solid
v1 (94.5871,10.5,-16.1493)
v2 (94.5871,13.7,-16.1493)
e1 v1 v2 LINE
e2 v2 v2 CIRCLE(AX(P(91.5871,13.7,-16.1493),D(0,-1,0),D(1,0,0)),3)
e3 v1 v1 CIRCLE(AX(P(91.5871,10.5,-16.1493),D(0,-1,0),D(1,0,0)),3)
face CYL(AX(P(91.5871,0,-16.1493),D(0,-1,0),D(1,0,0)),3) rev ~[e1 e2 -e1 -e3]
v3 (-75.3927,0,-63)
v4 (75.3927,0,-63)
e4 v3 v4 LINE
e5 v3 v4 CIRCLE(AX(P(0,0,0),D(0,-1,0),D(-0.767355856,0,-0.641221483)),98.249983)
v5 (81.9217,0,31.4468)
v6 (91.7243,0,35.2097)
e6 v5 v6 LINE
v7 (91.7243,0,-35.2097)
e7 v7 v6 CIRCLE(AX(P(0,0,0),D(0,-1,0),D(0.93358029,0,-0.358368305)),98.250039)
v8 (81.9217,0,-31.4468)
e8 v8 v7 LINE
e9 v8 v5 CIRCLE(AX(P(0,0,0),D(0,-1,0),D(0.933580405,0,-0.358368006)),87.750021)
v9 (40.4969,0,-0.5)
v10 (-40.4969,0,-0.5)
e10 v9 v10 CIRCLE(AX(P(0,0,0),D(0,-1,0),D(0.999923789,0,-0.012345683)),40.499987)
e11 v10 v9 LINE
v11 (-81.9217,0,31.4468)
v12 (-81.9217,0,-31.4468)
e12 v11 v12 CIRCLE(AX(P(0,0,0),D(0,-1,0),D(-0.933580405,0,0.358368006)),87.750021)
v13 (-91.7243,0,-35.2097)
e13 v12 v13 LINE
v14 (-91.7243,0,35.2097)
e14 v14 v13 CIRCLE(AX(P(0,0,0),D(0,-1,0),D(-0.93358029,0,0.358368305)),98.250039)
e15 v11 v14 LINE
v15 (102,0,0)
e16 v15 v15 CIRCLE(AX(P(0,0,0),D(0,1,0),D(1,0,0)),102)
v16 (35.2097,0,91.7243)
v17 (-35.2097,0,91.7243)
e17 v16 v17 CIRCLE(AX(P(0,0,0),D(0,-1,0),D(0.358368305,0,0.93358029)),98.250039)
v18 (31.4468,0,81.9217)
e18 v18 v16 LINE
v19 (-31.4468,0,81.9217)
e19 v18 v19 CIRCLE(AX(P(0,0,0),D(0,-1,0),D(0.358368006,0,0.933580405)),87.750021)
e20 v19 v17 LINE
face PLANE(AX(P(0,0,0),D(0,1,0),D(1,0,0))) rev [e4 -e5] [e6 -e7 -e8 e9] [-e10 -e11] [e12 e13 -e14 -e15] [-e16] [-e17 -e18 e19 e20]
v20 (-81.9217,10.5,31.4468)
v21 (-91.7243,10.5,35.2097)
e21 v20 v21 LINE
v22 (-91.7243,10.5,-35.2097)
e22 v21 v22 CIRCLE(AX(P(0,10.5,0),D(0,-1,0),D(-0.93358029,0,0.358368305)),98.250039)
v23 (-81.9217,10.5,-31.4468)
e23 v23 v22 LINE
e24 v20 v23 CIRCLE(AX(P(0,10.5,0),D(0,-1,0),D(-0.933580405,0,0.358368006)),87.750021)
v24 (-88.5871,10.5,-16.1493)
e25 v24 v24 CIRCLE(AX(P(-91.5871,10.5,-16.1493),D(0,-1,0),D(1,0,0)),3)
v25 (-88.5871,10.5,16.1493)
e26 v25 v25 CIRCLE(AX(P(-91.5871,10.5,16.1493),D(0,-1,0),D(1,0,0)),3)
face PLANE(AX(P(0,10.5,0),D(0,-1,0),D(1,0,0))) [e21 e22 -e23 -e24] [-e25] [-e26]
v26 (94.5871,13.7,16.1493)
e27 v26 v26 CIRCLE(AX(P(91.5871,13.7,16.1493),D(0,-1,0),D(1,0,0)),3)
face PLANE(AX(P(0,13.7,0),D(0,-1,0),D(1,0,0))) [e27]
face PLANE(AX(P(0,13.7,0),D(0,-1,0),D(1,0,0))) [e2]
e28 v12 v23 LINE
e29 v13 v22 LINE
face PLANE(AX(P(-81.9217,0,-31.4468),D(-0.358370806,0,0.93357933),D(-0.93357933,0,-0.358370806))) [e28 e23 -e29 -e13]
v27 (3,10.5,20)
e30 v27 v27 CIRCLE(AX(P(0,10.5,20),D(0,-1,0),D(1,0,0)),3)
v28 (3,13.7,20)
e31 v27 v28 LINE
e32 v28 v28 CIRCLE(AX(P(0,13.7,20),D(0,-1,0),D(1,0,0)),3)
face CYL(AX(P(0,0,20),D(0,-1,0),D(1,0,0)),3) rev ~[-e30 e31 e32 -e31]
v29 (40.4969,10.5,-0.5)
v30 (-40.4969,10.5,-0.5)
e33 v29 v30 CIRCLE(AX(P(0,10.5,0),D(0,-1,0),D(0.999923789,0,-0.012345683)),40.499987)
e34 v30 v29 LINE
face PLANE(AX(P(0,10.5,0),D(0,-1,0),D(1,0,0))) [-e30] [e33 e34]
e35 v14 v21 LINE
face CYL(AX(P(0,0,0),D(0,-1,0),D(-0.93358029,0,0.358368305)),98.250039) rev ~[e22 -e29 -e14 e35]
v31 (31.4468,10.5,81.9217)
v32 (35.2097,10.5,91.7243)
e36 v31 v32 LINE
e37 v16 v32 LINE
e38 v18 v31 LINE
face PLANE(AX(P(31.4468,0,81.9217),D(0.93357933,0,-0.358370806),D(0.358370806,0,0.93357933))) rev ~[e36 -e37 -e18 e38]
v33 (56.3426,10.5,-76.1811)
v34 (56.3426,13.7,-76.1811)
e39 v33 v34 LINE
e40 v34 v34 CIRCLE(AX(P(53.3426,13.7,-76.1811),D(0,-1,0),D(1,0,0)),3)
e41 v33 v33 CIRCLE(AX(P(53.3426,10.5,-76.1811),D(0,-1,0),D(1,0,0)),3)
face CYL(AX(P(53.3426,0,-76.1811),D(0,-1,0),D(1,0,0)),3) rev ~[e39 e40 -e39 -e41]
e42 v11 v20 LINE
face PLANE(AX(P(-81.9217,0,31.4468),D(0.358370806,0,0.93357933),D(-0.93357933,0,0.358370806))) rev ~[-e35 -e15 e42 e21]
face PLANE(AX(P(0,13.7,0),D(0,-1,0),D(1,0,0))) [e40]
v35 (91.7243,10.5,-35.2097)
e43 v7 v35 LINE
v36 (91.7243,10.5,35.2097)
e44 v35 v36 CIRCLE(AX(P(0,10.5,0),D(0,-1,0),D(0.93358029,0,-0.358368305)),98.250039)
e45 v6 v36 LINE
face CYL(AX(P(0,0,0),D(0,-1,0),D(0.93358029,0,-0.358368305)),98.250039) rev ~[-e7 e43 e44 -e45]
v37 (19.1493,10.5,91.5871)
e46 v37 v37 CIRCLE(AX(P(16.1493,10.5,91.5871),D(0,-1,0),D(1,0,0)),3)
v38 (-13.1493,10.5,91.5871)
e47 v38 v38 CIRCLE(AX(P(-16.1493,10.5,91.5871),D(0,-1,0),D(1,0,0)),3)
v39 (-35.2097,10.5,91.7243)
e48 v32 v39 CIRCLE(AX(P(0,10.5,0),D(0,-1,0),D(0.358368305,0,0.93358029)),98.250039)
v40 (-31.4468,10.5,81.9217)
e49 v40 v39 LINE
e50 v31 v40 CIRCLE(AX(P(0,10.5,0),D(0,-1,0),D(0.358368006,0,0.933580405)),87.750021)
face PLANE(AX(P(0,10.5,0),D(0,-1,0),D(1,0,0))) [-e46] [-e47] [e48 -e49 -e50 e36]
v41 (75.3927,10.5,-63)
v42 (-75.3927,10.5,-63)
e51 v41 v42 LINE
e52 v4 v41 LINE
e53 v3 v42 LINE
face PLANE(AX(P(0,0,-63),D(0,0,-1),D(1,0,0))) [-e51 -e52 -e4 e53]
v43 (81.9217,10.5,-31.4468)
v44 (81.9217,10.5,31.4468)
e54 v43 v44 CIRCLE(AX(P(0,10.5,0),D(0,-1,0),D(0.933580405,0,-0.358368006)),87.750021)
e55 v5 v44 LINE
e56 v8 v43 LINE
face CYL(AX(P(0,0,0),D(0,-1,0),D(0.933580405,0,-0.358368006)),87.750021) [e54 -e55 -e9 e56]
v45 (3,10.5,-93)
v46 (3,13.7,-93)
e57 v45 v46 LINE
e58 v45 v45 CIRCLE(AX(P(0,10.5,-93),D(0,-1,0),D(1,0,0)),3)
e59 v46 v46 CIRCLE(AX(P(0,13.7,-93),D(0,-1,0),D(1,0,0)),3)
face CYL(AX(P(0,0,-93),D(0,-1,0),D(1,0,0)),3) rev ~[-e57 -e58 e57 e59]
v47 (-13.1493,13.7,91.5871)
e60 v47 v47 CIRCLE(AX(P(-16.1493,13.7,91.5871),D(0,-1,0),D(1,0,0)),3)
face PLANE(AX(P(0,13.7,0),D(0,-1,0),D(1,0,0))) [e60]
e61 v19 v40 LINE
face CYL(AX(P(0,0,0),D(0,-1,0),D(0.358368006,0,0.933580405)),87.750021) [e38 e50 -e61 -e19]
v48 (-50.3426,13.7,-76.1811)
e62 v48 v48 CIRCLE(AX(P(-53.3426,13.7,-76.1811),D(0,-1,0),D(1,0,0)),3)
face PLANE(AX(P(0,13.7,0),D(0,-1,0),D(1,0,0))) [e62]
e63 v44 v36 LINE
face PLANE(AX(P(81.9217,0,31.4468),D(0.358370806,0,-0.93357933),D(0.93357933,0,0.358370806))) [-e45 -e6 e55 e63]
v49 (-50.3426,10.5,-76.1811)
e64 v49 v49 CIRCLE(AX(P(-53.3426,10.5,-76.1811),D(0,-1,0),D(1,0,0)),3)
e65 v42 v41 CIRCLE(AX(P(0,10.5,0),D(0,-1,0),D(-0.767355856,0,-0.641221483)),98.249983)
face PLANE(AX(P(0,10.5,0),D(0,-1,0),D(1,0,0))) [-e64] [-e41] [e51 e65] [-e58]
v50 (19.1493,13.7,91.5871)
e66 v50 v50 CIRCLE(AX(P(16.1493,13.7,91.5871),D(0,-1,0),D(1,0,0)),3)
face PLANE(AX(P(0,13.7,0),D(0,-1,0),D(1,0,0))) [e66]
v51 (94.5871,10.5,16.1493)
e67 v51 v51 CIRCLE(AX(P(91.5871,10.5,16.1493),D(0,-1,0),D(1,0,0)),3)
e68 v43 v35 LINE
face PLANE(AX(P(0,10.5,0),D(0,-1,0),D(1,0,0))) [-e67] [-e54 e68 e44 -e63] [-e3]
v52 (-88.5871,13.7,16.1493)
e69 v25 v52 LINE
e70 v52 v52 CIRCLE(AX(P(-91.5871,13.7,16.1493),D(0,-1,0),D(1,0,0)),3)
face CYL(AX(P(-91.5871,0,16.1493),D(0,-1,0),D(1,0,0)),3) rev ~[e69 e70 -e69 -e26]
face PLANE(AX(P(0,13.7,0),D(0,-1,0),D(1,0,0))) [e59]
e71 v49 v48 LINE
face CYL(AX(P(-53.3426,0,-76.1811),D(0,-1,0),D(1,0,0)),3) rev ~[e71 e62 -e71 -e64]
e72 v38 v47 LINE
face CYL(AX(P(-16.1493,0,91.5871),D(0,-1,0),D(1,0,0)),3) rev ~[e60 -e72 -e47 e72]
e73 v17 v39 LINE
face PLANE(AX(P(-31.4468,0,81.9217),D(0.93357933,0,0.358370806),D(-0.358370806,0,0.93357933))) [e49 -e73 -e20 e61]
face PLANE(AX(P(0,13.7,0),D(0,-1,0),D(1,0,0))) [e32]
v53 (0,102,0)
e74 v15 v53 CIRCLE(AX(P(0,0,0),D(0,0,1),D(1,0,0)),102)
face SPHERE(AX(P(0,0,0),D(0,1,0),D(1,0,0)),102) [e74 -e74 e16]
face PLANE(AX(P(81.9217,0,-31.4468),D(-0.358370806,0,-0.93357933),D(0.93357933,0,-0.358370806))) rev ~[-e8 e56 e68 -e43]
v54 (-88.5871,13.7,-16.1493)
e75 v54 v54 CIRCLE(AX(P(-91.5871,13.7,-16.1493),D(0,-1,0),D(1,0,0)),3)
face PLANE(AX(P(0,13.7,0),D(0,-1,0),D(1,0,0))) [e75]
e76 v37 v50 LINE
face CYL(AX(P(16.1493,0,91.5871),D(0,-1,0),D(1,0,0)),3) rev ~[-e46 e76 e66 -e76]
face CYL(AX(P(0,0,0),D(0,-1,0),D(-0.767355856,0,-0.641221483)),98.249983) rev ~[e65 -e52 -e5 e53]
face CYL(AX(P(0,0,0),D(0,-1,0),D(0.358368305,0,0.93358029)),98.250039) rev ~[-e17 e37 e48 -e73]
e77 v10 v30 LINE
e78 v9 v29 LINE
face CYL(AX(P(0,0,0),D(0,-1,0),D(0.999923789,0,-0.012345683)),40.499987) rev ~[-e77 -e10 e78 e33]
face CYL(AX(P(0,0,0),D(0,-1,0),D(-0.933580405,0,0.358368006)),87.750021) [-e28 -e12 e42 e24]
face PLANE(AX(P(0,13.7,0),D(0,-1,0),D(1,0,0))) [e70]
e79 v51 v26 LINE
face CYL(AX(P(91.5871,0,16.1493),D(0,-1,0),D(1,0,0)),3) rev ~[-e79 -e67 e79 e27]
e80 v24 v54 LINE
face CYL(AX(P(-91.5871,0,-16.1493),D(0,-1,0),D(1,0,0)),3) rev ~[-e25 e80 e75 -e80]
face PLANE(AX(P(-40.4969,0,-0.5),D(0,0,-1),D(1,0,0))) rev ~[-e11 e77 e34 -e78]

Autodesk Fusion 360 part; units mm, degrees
sketch "Sketch1" plane through (0, 0, 0) normal (0, 0, 1) x (1, 0, 0)
  line L0 (0, 0) -> (102, 0)
  line L1 (0, 0) -> (0, 102)
  arc A0 (102, 0) -> (0, 102) centre (0, 0) ccw
  dimension "d1" = 204
revolve "Revolve1" add sketch "Sketch1" angle 360 about axis through (0, 0, 0) along (0, 1, 0)
sketch "Sketch2" plane through (0, 0, 0) normal (0, -1, 0) x (1, 0, 0)
  circle A0 centre (0, 0) radius 102
  line L0 (0, 0) -> (0, -0.5) construction
  line L1 (0, -0.5) -> (-40.4969, -0.5) construction
  line L2 (-40.4969, -0.5) -> (40.4969, -0.5)
  arc A1 (40.4969, -0.5) -> (-40.4969, -0.5) centre (0, 0) ccw
  dimension "d3" = 81
  dimension "d4" = 0.5
extrude "Extrude1" cut sketch "Sketch2" against normal blind 10.5 contours L2 A1
sketch "Sketch3" plane through (0, 0, 0) normal (0, -1, 0) x (1, 0, 0)
  line L0 (40.4969, -0.5) -> (-40.4969, -0.5)
  arc A0 (40.4969, -0.5) -> (-40.4969, -0.5) centre (0, 0) ccw
  circle A1 centre (0, 0) radius 102
sketch "Sketch4" plane through (0, 0, 0) normal (0, -1, 0) x (1, 0, 0)
  line L0 (0, 0) -> (0, -64) construction
  line L1 (40, -64) -> (40, -63)
  line L2 (40, -46.5) -> (-40, -81.5) construction
  line L3 (-40, -46.5) -> (0, -64) construction
  line L4 (0, -64) -> (0, -63)
  line L5 (0, -63) -> (-61.0824, -63)
  line L6 (0, -63) -> (61.0824, -63)
  line L7 (-40, -63) -> (-40, -64)
  arc A0 (-36.3095, -79.8854) -> (-32.524, -81.5) centre (0, 0) ccw
  line L8 (31.4468, 81.9217) -> (35.2097, 91.7243)
  line L9 (0, 0) -> (98.25, 0) construction
  line L10 (-31.4468, 81.9217) -> (-35.2097, 91.7243)
  line L11 (0, 0) -> (98.25, 0) construction
  line L12 (81.9217, 31.4468) -> (91.7243, 35.2097)
  line L13 (0, 0) -> (98.25, 0) construction
  line L14 (81.9217, -31.4468) -> (91.7243, -35.2097)
  line L15 (0, 0) -> (98.25, 0) construction
  line L16 (0, 114.2451) -> (0, -120) construction
  line L17 (-81.9217, 31.4468) -> (-91.7243, 35.2097)
  line L18 (-81.9217, -31.4468) -> (-91.7243, -35.2097)
  arc A1 (-81.9217, 31.4468) -> (-81.9217, -31.4468) centre (0, 0) ccw
  arc A2 (81.9217, -31.4468) -> (81.9217, 31.4468) centre (0, 0) ccw
  arc A3 (31.4468, 81.9217) -> (-31.4468, 81.9217) centre (0, 0) ccw
  arc A4 (35.2097, 91.7243) -> (-35.2097, 91.7243) centre (0, 0) ccw
  line L19 (-61.0824, -63) -> (-75.3927, -63)
  line L20 (61.0824, -63) -> (75.3927, -63)
  arc A5 (-91.7243, 35.2097) -> (-91.7243, -35.2097) centre (0, 0) ccw
  arc A6 (-75.3927, -63) -> (75.3927, -63) centre (0, 0) ccw
  arc A7 (91.7243, -35.2097) -> (91.7243, 35.2097) centre (0, 0) ccw
  point P0 (0, -64)
  dimension "d9" = 196.5
  dimension "d10" = 175.5
  dimension "d11" = 64
  dimension "d13" = 35
  dimension "d14" = 1
  dimension "d15" = 69
  dimension "d16" = 111
  dimension "d17" = 21
  dimension "d18" = 21
extrude "Extrude2" cut sketch "Sketch4" against normal blind 10.5
sketch "Sketch5" plane through (0, 0, 0) normal (0, -1, 0) x (1, 0, 0)
  circle A0 centre (0, 0) radius 93 construction
  line L0 (0, 0) -> (-16.1493, 91.5871) construction
  line L1 (0, 0) -> (93, 0) construction
  line L2 (0, 0) -> (16.1493, 91.5871) construction
  line L3 (0, 0) -> (93, 0) construction
  line L4 (0, 0) -> (-91.5871, 16.1493) construction
  line L5 (0, 0) -> (93, 0) construction
  line L6 (0, 0) -> (-91.5871, -16.1493) construction
  line L7 (0, 0) -> (93, 0) construction
  line L8 (0, 0) -> (91.5871, 16.1493) construction
  line L9 (0, 0) -> (93, 0) construction
  line L10 (0, 0) -> (91.5871, -16.1493) construction
  line L11 (0, 0) -> (93, 0) construction
  line L12 (0, 0) -> (0, -93) construction
  line L13 (0, 0) -> (-53.3426, -76.1811) construction
  line L14 (0, 0) -> (93, 0) construction
  line L15 (0, 0) -> (53.3426, -76.1811) construction
  circle A1 centre (0, 0) radius 20 construction
  line L16 (0, 0) -> (0, 20) construction
  circle A2 centre (-16.1493, 91.5871) radius 3
  circle A3 centre (16.1493, 91.5871) radius 3
  line L17 (0, 130) -> (0, -112.7435) construction
  circle A4 centre (-91.5871, 16.1493) radius 3
  circle A5 centre (-91.5871, -16.1493) radius 3
  circle A6 centre (-53.3426, -76.1811) radius 3
  circle A7 centre (91.5871, 16.1493) radius 3
  circle A8 centre (91.5871, -16.1493) radius 3
  circle A9 centre (53.3426, -76.1811) radius 3
  circle A10 centre (0, 20) radius 3
  circle A11 centre (0, -93) radius 3
  dimension "d21" = 186
  dimension "d22" = 100
  dimension "d23" = 80
  dimension "d24" = 170
  dimension "d25" = 170
  dimension "d26" = 10
  dimension "d27" = 10
  dimension "d28" = 125
  dimension "d29" = 40
  dimension "d30" = 6
  dimension "d31" = 6
  dimension "d32" = 6
  dimension "d33" = 6
  dimension "d34" = 6
  dimension "d35" = 6
  dimension "d36" = 6
extrude "Extrude3" cut sketch "Sketch5" against normal blind 13.7
